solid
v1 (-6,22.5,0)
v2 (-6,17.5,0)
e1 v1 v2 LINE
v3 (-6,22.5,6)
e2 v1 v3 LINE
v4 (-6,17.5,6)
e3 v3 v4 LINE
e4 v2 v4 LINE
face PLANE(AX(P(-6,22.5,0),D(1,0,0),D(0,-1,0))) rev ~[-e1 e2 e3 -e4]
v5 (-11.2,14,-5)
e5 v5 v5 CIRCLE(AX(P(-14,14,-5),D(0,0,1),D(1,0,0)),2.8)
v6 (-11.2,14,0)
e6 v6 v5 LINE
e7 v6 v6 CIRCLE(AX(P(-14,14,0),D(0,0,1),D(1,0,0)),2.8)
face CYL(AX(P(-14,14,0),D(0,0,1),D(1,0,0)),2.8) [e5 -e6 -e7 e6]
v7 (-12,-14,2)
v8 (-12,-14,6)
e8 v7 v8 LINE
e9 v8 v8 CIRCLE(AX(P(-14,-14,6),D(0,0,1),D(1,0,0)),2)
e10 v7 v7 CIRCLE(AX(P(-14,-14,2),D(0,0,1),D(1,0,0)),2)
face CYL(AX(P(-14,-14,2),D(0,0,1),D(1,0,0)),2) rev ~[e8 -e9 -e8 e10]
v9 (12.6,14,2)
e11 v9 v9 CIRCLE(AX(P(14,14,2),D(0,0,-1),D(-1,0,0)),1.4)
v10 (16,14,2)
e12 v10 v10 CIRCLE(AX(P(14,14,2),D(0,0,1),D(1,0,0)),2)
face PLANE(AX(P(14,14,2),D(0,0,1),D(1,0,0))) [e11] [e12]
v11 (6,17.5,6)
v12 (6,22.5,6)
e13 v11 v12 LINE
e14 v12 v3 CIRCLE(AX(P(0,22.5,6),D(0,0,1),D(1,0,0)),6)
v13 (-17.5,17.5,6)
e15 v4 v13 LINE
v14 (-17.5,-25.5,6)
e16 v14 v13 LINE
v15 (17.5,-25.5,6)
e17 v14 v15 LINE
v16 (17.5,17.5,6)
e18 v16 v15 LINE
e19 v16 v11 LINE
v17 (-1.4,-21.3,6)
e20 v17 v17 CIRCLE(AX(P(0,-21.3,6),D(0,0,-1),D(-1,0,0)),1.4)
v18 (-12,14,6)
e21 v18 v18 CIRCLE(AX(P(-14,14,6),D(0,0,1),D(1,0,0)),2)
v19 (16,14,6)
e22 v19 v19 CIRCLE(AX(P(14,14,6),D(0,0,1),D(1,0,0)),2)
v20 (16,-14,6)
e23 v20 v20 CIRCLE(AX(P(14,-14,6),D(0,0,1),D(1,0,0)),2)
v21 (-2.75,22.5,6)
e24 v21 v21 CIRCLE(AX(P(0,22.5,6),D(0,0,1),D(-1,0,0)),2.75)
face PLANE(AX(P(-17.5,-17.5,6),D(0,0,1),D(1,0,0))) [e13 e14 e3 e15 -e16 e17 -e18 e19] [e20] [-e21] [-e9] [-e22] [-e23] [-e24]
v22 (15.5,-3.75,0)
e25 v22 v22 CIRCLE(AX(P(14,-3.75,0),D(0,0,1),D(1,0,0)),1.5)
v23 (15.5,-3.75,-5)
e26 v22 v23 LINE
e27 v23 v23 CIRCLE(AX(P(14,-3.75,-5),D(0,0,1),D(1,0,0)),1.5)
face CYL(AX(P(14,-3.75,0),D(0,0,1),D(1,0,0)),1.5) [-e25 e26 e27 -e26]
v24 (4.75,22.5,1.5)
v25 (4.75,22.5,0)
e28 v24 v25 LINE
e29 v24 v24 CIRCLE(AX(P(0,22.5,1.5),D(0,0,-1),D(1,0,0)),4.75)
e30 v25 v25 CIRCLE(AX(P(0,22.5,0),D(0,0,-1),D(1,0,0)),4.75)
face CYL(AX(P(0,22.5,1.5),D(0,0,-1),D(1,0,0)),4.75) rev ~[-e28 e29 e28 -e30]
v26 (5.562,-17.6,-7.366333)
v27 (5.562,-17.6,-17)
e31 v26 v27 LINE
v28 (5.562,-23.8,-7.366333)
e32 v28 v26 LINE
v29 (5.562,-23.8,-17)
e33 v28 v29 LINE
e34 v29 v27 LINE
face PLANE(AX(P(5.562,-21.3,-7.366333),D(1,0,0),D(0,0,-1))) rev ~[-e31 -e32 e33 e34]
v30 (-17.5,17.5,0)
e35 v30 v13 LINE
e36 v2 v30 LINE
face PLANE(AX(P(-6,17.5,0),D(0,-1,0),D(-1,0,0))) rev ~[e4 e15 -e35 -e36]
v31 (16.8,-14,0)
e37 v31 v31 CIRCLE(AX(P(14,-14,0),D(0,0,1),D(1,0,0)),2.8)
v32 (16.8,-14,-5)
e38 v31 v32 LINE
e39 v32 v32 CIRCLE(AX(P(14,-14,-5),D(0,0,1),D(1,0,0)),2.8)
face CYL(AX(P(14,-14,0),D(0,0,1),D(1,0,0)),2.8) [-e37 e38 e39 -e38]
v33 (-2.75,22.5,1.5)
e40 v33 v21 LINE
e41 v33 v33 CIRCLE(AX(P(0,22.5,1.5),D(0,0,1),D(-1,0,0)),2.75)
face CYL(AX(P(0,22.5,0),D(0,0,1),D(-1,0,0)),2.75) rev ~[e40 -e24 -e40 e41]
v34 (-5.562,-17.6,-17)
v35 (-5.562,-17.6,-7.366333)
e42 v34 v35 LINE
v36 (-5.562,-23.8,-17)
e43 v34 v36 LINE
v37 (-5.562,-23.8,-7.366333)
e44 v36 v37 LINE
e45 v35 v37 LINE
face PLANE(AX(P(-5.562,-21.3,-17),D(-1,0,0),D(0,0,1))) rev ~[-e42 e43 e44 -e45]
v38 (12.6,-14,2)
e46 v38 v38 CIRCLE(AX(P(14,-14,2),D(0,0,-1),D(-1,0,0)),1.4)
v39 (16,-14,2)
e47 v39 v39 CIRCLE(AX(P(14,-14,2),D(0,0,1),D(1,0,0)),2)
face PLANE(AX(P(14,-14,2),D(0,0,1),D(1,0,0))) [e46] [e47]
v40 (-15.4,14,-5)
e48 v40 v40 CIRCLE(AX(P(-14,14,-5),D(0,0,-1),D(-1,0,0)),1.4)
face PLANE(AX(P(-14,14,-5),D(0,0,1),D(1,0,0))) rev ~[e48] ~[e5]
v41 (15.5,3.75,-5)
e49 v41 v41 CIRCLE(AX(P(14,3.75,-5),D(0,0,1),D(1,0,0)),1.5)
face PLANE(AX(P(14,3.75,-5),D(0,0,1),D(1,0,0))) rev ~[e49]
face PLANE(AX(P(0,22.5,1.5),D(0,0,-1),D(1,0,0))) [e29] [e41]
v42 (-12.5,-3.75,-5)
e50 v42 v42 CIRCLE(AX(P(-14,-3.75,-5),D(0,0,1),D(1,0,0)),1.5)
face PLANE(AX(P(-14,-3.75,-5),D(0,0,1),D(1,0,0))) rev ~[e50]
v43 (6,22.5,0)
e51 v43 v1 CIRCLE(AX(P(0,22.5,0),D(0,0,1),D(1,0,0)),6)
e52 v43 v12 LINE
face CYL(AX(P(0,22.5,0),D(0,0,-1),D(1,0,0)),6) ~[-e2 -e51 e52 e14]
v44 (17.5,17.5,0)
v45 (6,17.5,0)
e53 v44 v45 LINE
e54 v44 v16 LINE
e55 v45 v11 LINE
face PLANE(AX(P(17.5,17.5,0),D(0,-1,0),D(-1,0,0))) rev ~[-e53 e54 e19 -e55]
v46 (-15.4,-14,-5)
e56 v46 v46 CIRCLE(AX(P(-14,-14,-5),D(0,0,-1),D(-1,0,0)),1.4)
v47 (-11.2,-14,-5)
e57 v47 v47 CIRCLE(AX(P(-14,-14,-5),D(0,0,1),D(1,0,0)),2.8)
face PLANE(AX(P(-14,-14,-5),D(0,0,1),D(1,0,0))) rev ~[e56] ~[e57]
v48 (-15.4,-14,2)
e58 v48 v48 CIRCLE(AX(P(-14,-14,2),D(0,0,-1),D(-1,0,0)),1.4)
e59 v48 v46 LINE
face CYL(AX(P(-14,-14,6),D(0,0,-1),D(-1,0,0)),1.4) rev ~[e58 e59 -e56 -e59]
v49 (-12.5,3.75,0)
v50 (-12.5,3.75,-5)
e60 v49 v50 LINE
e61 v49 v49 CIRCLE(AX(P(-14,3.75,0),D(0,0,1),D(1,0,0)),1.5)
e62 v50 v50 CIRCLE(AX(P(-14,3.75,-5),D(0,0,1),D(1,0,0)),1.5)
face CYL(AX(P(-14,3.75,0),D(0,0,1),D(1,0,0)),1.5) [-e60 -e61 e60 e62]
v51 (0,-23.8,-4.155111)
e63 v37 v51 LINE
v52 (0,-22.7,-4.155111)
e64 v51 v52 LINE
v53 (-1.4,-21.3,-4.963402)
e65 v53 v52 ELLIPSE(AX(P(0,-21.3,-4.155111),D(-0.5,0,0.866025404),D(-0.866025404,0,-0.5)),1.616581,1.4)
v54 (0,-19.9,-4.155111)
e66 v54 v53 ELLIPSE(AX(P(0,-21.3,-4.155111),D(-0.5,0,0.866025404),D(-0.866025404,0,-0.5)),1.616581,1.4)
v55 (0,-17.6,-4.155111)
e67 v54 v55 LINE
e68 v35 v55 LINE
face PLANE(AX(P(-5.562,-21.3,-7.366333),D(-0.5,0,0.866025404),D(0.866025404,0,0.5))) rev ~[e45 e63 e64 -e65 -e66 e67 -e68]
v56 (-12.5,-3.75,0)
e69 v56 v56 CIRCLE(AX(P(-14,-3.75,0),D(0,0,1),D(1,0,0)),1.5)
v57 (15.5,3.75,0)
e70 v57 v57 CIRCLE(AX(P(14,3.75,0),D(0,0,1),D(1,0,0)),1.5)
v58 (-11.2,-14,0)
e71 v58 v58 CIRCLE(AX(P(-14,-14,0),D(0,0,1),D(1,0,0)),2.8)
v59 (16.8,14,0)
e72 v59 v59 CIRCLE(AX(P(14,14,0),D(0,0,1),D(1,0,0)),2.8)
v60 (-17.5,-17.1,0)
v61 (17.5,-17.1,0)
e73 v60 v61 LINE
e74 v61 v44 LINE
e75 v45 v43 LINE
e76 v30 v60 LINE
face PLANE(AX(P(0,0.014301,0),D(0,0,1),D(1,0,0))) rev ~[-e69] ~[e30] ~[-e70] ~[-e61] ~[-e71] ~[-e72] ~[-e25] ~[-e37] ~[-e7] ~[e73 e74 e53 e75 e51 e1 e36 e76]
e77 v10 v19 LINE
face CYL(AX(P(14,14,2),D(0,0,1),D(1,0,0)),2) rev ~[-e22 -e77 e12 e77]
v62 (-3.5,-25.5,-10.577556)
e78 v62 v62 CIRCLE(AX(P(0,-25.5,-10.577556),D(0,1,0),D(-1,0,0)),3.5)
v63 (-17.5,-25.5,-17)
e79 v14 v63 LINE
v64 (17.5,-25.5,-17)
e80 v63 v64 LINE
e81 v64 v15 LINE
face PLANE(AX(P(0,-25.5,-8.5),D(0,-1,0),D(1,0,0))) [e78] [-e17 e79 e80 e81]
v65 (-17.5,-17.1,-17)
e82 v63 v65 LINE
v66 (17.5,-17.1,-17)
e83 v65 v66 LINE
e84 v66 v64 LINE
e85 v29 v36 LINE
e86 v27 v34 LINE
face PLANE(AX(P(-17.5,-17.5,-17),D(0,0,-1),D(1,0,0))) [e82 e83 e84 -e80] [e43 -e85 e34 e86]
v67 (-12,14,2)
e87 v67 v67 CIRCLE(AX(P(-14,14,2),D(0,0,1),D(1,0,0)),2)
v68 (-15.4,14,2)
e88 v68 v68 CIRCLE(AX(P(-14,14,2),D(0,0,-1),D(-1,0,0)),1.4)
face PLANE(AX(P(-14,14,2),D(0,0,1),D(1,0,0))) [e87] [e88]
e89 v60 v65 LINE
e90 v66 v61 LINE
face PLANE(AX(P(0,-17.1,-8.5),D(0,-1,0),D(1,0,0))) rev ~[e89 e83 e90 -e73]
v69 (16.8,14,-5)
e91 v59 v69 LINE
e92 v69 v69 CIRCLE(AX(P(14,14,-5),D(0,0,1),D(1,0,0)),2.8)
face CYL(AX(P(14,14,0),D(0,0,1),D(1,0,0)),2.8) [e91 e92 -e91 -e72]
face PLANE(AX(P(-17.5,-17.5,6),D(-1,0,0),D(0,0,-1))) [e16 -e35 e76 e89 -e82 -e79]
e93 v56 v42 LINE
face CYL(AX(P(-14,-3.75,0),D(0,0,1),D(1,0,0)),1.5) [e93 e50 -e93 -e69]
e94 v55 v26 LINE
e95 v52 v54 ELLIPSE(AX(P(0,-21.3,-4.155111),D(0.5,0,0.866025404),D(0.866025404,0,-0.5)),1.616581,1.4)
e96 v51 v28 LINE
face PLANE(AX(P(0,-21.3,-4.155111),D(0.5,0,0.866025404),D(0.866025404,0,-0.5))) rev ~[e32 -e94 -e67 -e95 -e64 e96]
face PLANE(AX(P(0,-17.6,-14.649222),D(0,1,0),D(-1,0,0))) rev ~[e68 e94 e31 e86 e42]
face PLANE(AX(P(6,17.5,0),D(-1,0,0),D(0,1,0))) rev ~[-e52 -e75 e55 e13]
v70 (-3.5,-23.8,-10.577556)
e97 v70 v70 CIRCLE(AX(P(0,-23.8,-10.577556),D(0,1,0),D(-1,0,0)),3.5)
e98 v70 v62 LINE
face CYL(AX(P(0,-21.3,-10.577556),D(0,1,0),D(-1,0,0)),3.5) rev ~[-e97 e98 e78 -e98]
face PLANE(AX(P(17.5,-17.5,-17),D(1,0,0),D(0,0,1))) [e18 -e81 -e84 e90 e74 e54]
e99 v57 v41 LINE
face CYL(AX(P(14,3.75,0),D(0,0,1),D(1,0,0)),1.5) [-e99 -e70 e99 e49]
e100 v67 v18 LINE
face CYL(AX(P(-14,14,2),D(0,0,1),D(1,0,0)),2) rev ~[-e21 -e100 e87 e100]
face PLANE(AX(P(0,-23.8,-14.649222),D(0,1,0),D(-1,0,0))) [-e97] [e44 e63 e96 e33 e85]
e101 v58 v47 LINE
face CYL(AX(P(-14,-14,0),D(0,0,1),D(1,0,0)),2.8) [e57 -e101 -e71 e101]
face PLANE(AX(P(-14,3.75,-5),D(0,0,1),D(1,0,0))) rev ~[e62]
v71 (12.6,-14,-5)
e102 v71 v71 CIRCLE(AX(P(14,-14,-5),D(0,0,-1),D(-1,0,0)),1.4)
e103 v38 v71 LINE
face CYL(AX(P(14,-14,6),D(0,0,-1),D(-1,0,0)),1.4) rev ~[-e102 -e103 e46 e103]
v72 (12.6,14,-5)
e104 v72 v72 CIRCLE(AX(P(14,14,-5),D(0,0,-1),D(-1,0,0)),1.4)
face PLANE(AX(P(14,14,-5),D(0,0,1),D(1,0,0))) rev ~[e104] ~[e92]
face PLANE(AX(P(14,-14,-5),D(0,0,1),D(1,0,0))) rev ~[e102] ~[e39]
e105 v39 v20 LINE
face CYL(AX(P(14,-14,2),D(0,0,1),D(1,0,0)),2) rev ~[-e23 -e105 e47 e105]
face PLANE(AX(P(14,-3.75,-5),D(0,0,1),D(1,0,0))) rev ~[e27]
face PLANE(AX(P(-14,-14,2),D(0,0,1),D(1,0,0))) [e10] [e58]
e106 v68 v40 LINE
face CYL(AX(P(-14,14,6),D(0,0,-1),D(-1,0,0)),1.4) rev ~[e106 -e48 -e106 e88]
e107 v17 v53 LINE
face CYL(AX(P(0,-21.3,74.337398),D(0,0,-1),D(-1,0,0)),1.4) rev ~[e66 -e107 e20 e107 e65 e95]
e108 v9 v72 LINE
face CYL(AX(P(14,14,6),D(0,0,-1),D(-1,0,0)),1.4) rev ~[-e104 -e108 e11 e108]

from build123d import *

# Parameters (mm, degrees)
F0_R           = 2.8
F0_R_2         = 1.5
F1_DEPTH       = 6
F2_DEPTH       = 5
F3_D           = 5.5
F3_DEPTH       = 30
F3_CBORE_D     = 9.5
F3_CBORE_DEPTH = 1.5
F3_TIP         = 1.6523667023
F5_D           = 2.8
F5_CBORE_D     = 4
F5_CBORE_DEPTH = 4
F6_W           = 35
F6_H           = 17
F6_H_2         = 6
F7_DEPTH       = 8
F7_DEPTH_BACK  = 0.4
F10_DEPTH      = 3.7
F10_DEPTH_BACK = 2.5
F11_D          = 7
F11_DEPTH      = 4.201
F13_D          = 2.8


with BuildPart() as f1:
    # F0 (on Top) → F1 (new body)
    with BuildSketch(Plane.XY):
        with BuildLine():
            Line((-6, 17.5), (-17.5, 17.5))
            Line((-17.5, 17.5), (-17.5, -17.5))
            Line((-17.5, -17.5), (17.5, -17.5))
            Line((17.5, -17.5), (17.5, 17.5))
            Line((17.5, 17.5), (6, 17.5))
            Line((6, 17.5), (3.3166247904, 17.5))
            ThreePointArc((3.3166247904, 17.5), (0, 16.5), (-3.3166247904, 17.5))
            Line((-3.3166247904, 17.5), (-6, 17.5))
        make_face()
        with Locations((-14, -14)):
            Circle(F0_R, mode=Mode.SUBTRACT)
        with Locations((-14, -3.75)):
            Circle(F0_R_2, mode=Mode.SUBTRACT)
        with Locations((-14, 3.75)):
            Circle(F0_R_2, mode=Mode.SUBTRACT)
        with Locations((14, -14)):
            Circle(F0_R, mode=Mode.SUBTRACT)
        with Locations((14, -3.75)):
            Circle(F0_R_2, mode=Mode.SUBTRACT)
        with Locations((14, 3.75)):
            Circle(F0_R_2, mode=Mode.SUBTRACT)
        with Locations((-14, 14)):
            Circle(F0_R, mode=Mode.SUBTRACT)
        with Locations((14, 14)):
            Circle(F0_R, mode=Mode.SUBTRACT)
        with BuildLine():
            ThreePointArc((-6, 22.5), (-5.2867640737, 19.6627256691), (-3.3166247904, 17.5))
            Line((-3.3166247904, 17.5), (3.3166247904, 17.5))
            ThreePointArc((3.3166247904, 17.5), (5.2867640737, 19.6627256691), (6, 22.5))
            Line((6, 22.5), (-6, 22.5))
        make_face()
        with BuildLine():
            ThreePointArc((6, 22.5), (0, 28.5), (-6, 22.5))
            Line((-6, 22.5), (6, 22.5))
        make_face()
        with BuildLine():
            ThreePointArc((6, 22.5), (5.2867640737, 19.6627256691), (3.3166247904, 17.5))
            Line((3.3166247904, 17.5), (6, 17.5))
            Line((6, 17.5), (6, 22.5))
        make_face()
        with BuildLine():
            Line((3.3166247904, 17.5), (-3.3166247904, 17.5))
            ThreePointArc((-3.3166247904, 17.5), (0, 16.5), (3.3166247904, 17.5))
        make_face()
        with BuildLine():
            Line((-6, 22.5), (-6, 17.5))
            Line((-6, 17.5), (-3.3166247904, 17.5))
            ThreePointArc((-3.3166247904, 17.5), (-5.2867640737, 19.6627256691), (-6, 22.5))
        make_face()
        with Locations((-14, -14)):
            Circle(F0_R)
        with Locations((14, -14)):
            Circle(F0_R)
        with Locations((14, 14)):
            Circle(F0_R)
        with Locations((-14, 14)):
            Circle(F0_R)
        with Locations((-14, 3.75)):
            Circle(F0_R_2)
        with Locations((-14, -3.75)):
            Circle(F0_R_2)
        with Locations((14, -3.75)):
            Circle(F0_R_2)
        with Locations((14, 3.75)):
            Circle(F0_R_2)
    extrude(amount=F1_DEPTH)

    # F0 (on Top) → F2 (join)
    with BuildSketch(Plane.XY):
        with Locations((-14, -14)):
            Circle(F0_R)
        with Locations((-14, 14)):
            Circle(F0_R)
        with Locations((14, 14)):
            Circle(F0_R)
        with Locations((14, -14)):
            Circle(F0_R)
        with Locations((-14, 3.75)):
            Circle(F0_R_2)
        with Locations((-14, -3.75)):
            Circle(F0_R_2)
        with Locations((14, -3.75)):
            Circle(F0_R_2)
        with Locations((14, 3.75)):
            Circle(F0_R_2)
    extrude(amount=-F2_DEPTH)

    # F3
    with Locations(Plane(origin=(0, 0, 0), x_dir=(1, 0, 0), z_dir=(0, 0, -1))):
        with Locations((0, -22.5)):
            CounterBoreHole(F3_D / 2, F3_CBORE_D / 2, F3_CBORE_DEPTH, depth=F3_DEPTH)
            with Locations((0, 0, -(F3_DEPTH + F3_TIP / 2))):  # 118° drill point
                Cone(0, F3_D / 2, F3_TIP, mode=Mode.SUBTRACT)

    # F5 (through all)
    with Locations(Plane.XY.offset(6)):
        with Locations((-14, 14), (14, 14), (14, -14), (-14, -14)):
            CounterBoreHole(F5_D / 2, F5_CBORE_D / 2, F5_CBORE_DEPTH)

    # F6 (on face) → F7 (join, two sides)
    with BuildSketch(Plane.XZ.offset(17.5)) as f7_sk:
        with Locations((0, -8.5)):
            Rectangle(F6_W, F6_H)
        with Locations((0, 3)):
            Rectangle(F6_W, F6_H_2)
    extrude(amount=F7_DEPTH)
    extrude(f7_sk.sketch, amount=-F7_DEPTH_BACK)

    # F9 (on mid) → F10 (cut, two sides)
    with BuildSketch(Plane(origin=(0, -21.3, 0), x_dir=(-1, 0, 0), z_dir=(0, 1, 0))) as f10_sk:
        Polygon((5.562, -13.7887778028), (-5.562, -13.7887778028), (0, -17), align=None)
        Polygon((-5.562, -7.3663334083), (-5.562, -13.7887778028), (5.562, -13.7887778028), (5.562, -7.3663334083), (0, -4.1551112111), align=None)
        Polygon((0, -17), (-5.562, -13.7887778028), (-5.562, -17), align=None)
        Polygon((5.562, -13.7887778028), (0, -17), (5.562, -17), align=None)
    extrude(amount=F10_DEPTH, mode=Mode.SUBTRACT)
    extrude(f10_sk.sketch, amount=-F10_DEPTH_BACK, mode=Mode.SUBTRACT)

    # F11 (through all, one way)
    with BuildSketch(Plane(origin=(0, -21.3, 0), x_dir=(-1, 0, 0), z_dir=(0, 1, 0))):
        with Locations((0, -10.5775556055)):
            Circle(F11_D / 2)
    extrude(amount=-F11_DEPTH, mode=Mode.SUBTRACT)

    # F13 (through all)
    with Locations(Plane.XY.offset(6)):
        with Locations((0, -21.3)):
            Hole(F13_D / 2)


solid = f1.part
